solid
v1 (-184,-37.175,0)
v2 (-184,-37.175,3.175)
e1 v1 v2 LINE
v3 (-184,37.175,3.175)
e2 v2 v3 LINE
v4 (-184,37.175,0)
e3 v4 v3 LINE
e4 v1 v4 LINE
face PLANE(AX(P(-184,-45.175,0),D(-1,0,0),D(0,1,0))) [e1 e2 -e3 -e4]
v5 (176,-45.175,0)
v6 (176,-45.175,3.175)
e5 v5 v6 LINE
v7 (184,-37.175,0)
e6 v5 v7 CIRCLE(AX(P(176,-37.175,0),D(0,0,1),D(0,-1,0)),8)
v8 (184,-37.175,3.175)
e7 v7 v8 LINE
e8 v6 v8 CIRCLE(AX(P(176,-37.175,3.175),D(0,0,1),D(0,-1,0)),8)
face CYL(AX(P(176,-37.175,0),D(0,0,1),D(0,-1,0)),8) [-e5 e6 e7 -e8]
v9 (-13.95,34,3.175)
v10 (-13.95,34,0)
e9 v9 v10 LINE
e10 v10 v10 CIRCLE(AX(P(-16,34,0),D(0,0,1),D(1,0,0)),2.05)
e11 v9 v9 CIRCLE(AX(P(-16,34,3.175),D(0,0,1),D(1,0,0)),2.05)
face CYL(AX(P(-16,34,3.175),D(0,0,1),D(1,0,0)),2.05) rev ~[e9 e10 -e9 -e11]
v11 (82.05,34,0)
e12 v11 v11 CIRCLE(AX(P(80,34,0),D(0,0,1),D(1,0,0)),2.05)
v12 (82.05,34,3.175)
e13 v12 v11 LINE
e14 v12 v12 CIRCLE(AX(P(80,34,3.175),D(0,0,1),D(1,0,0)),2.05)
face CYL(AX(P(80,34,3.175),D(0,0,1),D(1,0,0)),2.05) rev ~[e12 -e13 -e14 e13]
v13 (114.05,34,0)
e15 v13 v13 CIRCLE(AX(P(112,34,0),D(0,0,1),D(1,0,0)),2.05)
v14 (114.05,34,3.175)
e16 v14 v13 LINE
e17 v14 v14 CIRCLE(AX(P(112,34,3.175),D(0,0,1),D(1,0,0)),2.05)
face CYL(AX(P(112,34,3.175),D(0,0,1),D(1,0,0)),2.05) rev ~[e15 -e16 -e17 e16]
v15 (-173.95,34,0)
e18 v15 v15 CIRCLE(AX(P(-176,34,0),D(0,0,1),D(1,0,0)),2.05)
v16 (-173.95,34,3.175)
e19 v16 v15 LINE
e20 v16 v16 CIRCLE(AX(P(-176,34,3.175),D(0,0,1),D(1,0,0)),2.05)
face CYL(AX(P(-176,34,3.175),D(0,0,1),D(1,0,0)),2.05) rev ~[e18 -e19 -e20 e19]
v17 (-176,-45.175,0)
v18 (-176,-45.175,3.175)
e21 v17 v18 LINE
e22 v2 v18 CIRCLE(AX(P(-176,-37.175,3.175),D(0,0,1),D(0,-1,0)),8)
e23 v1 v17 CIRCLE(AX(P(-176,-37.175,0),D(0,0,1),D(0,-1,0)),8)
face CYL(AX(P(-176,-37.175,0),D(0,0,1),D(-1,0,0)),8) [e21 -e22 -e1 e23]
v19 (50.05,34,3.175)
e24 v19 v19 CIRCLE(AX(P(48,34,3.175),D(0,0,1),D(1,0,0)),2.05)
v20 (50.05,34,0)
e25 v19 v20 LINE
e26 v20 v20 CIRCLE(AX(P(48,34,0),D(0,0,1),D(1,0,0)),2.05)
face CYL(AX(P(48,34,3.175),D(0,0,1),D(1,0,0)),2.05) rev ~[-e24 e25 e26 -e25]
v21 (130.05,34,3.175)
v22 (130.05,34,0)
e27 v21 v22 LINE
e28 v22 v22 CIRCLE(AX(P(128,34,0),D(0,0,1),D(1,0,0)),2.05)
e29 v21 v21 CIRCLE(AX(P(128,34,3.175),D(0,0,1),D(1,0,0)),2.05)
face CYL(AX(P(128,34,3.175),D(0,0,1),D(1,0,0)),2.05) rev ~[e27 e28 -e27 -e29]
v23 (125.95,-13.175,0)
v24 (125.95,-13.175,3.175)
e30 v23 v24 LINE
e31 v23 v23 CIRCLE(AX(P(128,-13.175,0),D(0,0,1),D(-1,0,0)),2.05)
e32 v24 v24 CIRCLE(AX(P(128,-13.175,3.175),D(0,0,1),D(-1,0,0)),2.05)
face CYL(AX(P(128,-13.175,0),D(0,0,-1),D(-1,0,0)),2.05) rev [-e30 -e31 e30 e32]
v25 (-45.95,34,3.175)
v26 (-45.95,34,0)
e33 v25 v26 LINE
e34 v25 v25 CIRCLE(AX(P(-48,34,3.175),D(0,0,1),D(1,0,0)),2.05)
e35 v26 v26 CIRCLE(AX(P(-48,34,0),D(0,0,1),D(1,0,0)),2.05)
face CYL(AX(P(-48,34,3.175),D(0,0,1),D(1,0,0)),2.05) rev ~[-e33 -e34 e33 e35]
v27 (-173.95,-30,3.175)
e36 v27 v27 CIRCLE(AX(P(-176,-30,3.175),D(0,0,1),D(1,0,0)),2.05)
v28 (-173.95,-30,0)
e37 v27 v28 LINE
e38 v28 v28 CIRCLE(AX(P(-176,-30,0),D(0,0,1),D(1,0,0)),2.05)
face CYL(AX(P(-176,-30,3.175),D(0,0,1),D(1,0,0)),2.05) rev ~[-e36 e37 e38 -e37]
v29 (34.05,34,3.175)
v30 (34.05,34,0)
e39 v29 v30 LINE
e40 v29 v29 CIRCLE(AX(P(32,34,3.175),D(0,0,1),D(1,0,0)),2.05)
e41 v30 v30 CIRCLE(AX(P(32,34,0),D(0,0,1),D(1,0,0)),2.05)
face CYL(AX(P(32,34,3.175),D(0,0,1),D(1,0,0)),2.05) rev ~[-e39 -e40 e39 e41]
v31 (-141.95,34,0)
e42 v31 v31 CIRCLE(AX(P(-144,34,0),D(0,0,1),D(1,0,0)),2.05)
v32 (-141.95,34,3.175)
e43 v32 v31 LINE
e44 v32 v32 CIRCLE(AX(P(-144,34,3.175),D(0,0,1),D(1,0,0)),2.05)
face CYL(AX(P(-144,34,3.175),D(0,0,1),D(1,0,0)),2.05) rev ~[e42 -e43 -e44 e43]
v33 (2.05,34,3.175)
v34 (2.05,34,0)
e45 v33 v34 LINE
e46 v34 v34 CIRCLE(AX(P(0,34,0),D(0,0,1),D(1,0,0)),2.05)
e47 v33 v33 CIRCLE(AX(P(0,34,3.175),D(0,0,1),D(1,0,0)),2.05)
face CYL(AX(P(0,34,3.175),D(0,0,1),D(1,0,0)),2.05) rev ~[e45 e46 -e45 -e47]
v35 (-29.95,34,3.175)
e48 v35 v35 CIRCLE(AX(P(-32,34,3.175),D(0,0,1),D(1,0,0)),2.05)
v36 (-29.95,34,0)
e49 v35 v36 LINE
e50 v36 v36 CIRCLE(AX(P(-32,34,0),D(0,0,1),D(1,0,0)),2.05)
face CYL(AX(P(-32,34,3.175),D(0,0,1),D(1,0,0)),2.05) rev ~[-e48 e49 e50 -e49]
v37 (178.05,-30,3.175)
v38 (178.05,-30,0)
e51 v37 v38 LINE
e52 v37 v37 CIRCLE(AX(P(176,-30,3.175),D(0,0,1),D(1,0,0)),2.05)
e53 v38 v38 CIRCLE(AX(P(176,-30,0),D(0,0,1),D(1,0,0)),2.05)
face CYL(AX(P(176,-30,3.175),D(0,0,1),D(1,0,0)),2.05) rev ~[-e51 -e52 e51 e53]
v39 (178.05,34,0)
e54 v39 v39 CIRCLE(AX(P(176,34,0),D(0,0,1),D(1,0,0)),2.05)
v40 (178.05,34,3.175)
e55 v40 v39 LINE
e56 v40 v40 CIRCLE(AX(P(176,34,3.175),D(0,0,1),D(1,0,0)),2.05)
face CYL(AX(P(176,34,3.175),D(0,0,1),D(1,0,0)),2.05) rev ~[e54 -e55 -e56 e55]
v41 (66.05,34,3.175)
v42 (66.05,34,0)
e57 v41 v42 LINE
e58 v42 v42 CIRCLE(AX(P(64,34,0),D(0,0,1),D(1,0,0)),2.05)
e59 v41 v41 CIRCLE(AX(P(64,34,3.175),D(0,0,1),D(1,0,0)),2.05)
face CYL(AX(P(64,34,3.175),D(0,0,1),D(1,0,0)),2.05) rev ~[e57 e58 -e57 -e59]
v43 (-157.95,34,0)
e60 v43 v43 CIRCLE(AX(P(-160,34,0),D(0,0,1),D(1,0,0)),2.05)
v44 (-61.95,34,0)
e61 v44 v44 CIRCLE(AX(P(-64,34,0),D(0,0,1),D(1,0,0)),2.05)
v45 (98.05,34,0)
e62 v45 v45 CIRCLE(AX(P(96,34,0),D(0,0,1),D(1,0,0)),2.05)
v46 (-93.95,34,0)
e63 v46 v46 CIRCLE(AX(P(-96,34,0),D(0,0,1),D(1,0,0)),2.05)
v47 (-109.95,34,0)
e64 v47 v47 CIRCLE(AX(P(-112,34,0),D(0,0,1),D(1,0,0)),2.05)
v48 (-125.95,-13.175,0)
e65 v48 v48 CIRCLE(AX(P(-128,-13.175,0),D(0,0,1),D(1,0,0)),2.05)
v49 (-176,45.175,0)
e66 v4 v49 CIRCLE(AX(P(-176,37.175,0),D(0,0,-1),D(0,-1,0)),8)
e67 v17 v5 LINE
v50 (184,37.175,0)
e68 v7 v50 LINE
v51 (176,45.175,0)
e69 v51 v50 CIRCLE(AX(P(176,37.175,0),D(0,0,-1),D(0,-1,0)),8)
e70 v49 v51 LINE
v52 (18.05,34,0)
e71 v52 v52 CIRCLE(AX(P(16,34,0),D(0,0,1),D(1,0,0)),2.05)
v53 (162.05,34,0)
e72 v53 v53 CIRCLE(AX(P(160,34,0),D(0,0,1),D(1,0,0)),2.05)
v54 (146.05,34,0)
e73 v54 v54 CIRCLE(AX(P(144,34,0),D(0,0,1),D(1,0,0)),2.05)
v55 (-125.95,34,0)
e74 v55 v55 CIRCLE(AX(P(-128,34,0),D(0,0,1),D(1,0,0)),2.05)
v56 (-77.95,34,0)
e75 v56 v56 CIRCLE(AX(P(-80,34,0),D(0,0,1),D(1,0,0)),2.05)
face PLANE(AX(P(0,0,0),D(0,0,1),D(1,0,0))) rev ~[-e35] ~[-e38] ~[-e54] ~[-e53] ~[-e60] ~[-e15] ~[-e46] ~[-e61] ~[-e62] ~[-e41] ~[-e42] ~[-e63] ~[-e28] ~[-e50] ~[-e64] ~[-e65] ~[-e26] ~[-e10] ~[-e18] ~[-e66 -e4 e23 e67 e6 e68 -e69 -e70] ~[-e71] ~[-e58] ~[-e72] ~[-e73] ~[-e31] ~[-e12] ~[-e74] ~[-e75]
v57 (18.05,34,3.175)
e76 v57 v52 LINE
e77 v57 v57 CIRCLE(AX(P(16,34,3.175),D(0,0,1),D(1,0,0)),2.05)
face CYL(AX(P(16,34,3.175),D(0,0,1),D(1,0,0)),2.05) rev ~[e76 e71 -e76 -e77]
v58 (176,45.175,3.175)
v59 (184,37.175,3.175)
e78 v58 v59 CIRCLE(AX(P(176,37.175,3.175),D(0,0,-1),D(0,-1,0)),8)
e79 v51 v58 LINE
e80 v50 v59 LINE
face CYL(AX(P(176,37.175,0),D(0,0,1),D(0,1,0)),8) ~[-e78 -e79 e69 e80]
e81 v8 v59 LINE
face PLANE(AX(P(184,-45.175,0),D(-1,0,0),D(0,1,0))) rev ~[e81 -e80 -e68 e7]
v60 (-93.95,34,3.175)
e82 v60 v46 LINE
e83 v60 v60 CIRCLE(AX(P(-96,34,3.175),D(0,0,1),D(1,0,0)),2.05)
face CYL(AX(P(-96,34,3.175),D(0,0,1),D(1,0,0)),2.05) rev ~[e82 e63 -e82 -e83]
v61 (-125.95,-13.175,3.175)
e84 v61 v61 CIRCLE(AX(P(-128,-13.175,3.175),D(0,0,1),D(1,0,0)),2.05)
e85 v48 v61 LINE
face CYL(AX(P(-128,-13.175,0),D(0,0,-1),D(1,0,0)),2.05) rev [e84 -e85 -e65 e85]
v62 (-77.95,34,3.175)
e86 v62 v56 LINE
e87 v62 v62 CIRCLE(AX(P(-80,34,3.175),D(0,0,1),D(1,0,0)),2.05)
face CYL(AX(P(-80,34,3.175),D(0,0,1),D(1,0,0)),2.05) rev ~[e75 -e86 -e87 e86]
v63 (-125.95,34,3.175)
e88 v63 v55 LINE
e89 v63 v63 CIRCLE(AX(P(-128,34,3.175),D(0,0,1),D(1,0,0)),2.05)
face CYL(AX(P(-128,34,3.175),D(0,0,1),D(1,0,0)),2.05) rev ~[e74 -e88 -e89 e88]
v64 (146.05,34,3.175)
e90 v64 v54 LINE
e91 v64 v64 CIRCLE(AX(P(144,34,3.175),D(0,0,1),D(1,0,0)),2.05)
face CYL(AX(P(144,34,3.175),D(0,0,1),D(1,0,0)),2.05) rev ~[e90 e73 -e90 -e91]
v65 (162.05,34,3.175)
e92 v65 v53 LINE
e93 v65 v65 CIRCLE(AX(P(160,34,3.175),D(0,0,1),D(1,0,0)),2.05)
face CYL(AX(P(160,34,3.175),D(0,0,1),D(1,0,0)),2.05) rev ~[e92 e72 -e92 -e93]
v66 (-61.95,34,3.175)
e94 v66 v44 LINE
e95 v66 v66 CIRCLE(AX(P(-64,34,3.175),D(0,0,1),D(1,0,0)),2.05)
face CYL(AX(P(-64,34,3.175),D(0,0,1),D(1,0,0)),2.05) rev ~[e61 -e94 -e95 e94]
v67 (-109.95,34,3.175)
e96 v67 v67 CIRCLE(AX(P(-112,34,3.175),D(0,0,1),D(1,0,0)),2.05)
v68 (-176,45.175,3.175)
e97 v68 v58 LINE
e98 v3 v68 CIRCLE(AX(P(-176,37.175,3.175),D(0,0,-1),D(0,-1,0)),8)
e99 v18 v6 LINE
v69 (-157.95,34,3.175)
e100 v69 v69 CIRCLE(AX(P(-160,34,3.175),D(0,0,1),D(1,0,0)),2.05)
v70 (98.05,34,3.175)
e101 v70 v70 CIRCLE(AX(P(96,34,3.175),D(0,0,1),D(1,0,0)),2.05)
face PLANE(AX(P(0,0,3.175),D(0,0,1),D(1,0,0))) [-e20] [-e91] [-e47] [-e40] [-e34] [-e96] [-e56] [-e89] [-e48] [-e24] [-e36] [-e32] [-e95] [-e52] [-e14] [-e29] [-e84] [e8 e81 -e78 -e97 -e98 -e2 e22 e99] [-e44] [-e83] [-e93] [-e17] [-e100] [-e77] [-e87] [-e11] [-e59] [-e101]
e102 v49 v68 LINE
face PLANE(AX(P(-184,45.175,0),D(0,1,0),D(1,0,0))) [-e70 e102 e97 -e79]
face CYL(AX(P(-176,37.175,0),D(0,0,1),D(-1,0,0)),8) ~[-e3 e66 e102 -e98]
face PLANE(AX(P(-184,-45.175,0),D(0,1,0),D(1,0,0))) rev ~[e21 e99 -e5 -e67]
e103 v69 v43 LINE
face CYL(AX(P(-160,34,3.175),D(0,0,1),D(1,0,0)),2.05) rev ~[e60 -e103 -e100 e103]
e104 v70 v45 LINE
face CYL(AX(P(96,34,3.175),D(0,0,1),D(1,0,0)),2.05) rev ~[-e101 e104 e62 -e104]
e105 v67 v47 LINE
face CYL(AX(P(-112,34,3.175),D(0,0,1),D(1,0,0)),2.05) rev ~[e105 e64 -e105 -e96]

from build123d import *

# Parameters (mm, degrees)
SKETCH1_W           = 368
SKETCH1_H           = 90.35
SKETCH1_R           = 2.05
BOSS_EXTRUDE1_DEPTH = 3.175
SKETCH3_R           = 2.05
CUT_EXTRUDE1_DEPTH  = 3.18
FILLET1_R           = 8


with BuildPart() as part:
    # Sketch1 → Boss-Extrude1 (new body)
    with BuildSketch(Plane.XY):
        Rectangle(SKETCH1_W, SKETCH1_H)
        with Locations((-128, -13.175)):
            Circle(SKETCH1_R, mode=Mode.SUBTRACT)
        with Locations(Location((128, -13.175, 0), (0, 0, 180))):
            Circle(SKETCH1_R, mode=Mode.SUBTRACT)
    extrude(amount=BOSS_EXTRUDE1_DEPTH)

    # Sketch3 → Cut-Extrude1 (cut)
    with BuildSketch(Plane.XY.offset(3.175)):
        with Locations((-176, 34)):
            Circle(SKETCH3_R)
        with Locations((-160, 34)):
            Circle(SKETCH3_R)
        with Locations((-144, 34)):
            Circle(SKETCH3_R)
        with Locations((-128, 34)):
            Circle(SKETCH3_R)
        with Locations((-112, 34)):
            Circle(SKETCH3_R)
        with Locations((-96, 34)):
            Circle(SKETCH3_R)
        with Locations((-80, 34)):
            Circle(SKETCH3_R)
        with Locations((-64, 34)):
            Circle(SKETCH3_R)
        with Locations((-48, 34)):
            Circle(SKETCH3_R)
        with Locations((-32, 34)):
            Circle(SKETCH3_R)
        with Locations((-16, 34)):
            Circle(SKETCH3_R)
        with Locations((0, 34)):
            Circle(SKETCH3_R)
        with Locations((16, 34)):
            Circle(SKETCH3_R)
        with Locations((32, 34)):
            Circle(SKETCH3_R)
        with Locations((48, 34)):
            Circle(SKETCH3_R)
        with Locations((64, 34)):
            Circle(SKETCH3_R)
        with Locations((80, 34)):
            Circle(SKETCH3_R)
        with Locations((96, 34)):
            Circle(SKETCH3_R)
        with Locations((112, 34)):
            Circle(SKETCH3_R)
        with Locations((128, 34)):
            Circle(SKETCH3_R)
        with Locations((144, 34)):
            Circle(SKETCH3_R)
        with Locations((160, 34)):
            Circle(SKETCH3_R)
        with Locations((176, 34)):
            Circle(SKETCH3_R)
        with Locations((176, -30)):
            Circle(SKETCH3_R)
        with Locations((-176, -30)):
            Circle(SKETCH3_R)
    extrude(amount=-CUT_EXTRUDE1_DEPTH, mode=Mode.SUBTRACT)

    # Fillet1
    fillet1_edges = [part.edges().sort_by_distance(p)[0] for p in [
        (-184, 45.175, 1.5875),
        (184, 45.175, 1.5875),
        (184, -45.175, 1.5875),
        (-184, -45.175, 1.5875),
    ]]
    fillet(fillet1_edges, radius=FILLET1_R)


solid = part.part
